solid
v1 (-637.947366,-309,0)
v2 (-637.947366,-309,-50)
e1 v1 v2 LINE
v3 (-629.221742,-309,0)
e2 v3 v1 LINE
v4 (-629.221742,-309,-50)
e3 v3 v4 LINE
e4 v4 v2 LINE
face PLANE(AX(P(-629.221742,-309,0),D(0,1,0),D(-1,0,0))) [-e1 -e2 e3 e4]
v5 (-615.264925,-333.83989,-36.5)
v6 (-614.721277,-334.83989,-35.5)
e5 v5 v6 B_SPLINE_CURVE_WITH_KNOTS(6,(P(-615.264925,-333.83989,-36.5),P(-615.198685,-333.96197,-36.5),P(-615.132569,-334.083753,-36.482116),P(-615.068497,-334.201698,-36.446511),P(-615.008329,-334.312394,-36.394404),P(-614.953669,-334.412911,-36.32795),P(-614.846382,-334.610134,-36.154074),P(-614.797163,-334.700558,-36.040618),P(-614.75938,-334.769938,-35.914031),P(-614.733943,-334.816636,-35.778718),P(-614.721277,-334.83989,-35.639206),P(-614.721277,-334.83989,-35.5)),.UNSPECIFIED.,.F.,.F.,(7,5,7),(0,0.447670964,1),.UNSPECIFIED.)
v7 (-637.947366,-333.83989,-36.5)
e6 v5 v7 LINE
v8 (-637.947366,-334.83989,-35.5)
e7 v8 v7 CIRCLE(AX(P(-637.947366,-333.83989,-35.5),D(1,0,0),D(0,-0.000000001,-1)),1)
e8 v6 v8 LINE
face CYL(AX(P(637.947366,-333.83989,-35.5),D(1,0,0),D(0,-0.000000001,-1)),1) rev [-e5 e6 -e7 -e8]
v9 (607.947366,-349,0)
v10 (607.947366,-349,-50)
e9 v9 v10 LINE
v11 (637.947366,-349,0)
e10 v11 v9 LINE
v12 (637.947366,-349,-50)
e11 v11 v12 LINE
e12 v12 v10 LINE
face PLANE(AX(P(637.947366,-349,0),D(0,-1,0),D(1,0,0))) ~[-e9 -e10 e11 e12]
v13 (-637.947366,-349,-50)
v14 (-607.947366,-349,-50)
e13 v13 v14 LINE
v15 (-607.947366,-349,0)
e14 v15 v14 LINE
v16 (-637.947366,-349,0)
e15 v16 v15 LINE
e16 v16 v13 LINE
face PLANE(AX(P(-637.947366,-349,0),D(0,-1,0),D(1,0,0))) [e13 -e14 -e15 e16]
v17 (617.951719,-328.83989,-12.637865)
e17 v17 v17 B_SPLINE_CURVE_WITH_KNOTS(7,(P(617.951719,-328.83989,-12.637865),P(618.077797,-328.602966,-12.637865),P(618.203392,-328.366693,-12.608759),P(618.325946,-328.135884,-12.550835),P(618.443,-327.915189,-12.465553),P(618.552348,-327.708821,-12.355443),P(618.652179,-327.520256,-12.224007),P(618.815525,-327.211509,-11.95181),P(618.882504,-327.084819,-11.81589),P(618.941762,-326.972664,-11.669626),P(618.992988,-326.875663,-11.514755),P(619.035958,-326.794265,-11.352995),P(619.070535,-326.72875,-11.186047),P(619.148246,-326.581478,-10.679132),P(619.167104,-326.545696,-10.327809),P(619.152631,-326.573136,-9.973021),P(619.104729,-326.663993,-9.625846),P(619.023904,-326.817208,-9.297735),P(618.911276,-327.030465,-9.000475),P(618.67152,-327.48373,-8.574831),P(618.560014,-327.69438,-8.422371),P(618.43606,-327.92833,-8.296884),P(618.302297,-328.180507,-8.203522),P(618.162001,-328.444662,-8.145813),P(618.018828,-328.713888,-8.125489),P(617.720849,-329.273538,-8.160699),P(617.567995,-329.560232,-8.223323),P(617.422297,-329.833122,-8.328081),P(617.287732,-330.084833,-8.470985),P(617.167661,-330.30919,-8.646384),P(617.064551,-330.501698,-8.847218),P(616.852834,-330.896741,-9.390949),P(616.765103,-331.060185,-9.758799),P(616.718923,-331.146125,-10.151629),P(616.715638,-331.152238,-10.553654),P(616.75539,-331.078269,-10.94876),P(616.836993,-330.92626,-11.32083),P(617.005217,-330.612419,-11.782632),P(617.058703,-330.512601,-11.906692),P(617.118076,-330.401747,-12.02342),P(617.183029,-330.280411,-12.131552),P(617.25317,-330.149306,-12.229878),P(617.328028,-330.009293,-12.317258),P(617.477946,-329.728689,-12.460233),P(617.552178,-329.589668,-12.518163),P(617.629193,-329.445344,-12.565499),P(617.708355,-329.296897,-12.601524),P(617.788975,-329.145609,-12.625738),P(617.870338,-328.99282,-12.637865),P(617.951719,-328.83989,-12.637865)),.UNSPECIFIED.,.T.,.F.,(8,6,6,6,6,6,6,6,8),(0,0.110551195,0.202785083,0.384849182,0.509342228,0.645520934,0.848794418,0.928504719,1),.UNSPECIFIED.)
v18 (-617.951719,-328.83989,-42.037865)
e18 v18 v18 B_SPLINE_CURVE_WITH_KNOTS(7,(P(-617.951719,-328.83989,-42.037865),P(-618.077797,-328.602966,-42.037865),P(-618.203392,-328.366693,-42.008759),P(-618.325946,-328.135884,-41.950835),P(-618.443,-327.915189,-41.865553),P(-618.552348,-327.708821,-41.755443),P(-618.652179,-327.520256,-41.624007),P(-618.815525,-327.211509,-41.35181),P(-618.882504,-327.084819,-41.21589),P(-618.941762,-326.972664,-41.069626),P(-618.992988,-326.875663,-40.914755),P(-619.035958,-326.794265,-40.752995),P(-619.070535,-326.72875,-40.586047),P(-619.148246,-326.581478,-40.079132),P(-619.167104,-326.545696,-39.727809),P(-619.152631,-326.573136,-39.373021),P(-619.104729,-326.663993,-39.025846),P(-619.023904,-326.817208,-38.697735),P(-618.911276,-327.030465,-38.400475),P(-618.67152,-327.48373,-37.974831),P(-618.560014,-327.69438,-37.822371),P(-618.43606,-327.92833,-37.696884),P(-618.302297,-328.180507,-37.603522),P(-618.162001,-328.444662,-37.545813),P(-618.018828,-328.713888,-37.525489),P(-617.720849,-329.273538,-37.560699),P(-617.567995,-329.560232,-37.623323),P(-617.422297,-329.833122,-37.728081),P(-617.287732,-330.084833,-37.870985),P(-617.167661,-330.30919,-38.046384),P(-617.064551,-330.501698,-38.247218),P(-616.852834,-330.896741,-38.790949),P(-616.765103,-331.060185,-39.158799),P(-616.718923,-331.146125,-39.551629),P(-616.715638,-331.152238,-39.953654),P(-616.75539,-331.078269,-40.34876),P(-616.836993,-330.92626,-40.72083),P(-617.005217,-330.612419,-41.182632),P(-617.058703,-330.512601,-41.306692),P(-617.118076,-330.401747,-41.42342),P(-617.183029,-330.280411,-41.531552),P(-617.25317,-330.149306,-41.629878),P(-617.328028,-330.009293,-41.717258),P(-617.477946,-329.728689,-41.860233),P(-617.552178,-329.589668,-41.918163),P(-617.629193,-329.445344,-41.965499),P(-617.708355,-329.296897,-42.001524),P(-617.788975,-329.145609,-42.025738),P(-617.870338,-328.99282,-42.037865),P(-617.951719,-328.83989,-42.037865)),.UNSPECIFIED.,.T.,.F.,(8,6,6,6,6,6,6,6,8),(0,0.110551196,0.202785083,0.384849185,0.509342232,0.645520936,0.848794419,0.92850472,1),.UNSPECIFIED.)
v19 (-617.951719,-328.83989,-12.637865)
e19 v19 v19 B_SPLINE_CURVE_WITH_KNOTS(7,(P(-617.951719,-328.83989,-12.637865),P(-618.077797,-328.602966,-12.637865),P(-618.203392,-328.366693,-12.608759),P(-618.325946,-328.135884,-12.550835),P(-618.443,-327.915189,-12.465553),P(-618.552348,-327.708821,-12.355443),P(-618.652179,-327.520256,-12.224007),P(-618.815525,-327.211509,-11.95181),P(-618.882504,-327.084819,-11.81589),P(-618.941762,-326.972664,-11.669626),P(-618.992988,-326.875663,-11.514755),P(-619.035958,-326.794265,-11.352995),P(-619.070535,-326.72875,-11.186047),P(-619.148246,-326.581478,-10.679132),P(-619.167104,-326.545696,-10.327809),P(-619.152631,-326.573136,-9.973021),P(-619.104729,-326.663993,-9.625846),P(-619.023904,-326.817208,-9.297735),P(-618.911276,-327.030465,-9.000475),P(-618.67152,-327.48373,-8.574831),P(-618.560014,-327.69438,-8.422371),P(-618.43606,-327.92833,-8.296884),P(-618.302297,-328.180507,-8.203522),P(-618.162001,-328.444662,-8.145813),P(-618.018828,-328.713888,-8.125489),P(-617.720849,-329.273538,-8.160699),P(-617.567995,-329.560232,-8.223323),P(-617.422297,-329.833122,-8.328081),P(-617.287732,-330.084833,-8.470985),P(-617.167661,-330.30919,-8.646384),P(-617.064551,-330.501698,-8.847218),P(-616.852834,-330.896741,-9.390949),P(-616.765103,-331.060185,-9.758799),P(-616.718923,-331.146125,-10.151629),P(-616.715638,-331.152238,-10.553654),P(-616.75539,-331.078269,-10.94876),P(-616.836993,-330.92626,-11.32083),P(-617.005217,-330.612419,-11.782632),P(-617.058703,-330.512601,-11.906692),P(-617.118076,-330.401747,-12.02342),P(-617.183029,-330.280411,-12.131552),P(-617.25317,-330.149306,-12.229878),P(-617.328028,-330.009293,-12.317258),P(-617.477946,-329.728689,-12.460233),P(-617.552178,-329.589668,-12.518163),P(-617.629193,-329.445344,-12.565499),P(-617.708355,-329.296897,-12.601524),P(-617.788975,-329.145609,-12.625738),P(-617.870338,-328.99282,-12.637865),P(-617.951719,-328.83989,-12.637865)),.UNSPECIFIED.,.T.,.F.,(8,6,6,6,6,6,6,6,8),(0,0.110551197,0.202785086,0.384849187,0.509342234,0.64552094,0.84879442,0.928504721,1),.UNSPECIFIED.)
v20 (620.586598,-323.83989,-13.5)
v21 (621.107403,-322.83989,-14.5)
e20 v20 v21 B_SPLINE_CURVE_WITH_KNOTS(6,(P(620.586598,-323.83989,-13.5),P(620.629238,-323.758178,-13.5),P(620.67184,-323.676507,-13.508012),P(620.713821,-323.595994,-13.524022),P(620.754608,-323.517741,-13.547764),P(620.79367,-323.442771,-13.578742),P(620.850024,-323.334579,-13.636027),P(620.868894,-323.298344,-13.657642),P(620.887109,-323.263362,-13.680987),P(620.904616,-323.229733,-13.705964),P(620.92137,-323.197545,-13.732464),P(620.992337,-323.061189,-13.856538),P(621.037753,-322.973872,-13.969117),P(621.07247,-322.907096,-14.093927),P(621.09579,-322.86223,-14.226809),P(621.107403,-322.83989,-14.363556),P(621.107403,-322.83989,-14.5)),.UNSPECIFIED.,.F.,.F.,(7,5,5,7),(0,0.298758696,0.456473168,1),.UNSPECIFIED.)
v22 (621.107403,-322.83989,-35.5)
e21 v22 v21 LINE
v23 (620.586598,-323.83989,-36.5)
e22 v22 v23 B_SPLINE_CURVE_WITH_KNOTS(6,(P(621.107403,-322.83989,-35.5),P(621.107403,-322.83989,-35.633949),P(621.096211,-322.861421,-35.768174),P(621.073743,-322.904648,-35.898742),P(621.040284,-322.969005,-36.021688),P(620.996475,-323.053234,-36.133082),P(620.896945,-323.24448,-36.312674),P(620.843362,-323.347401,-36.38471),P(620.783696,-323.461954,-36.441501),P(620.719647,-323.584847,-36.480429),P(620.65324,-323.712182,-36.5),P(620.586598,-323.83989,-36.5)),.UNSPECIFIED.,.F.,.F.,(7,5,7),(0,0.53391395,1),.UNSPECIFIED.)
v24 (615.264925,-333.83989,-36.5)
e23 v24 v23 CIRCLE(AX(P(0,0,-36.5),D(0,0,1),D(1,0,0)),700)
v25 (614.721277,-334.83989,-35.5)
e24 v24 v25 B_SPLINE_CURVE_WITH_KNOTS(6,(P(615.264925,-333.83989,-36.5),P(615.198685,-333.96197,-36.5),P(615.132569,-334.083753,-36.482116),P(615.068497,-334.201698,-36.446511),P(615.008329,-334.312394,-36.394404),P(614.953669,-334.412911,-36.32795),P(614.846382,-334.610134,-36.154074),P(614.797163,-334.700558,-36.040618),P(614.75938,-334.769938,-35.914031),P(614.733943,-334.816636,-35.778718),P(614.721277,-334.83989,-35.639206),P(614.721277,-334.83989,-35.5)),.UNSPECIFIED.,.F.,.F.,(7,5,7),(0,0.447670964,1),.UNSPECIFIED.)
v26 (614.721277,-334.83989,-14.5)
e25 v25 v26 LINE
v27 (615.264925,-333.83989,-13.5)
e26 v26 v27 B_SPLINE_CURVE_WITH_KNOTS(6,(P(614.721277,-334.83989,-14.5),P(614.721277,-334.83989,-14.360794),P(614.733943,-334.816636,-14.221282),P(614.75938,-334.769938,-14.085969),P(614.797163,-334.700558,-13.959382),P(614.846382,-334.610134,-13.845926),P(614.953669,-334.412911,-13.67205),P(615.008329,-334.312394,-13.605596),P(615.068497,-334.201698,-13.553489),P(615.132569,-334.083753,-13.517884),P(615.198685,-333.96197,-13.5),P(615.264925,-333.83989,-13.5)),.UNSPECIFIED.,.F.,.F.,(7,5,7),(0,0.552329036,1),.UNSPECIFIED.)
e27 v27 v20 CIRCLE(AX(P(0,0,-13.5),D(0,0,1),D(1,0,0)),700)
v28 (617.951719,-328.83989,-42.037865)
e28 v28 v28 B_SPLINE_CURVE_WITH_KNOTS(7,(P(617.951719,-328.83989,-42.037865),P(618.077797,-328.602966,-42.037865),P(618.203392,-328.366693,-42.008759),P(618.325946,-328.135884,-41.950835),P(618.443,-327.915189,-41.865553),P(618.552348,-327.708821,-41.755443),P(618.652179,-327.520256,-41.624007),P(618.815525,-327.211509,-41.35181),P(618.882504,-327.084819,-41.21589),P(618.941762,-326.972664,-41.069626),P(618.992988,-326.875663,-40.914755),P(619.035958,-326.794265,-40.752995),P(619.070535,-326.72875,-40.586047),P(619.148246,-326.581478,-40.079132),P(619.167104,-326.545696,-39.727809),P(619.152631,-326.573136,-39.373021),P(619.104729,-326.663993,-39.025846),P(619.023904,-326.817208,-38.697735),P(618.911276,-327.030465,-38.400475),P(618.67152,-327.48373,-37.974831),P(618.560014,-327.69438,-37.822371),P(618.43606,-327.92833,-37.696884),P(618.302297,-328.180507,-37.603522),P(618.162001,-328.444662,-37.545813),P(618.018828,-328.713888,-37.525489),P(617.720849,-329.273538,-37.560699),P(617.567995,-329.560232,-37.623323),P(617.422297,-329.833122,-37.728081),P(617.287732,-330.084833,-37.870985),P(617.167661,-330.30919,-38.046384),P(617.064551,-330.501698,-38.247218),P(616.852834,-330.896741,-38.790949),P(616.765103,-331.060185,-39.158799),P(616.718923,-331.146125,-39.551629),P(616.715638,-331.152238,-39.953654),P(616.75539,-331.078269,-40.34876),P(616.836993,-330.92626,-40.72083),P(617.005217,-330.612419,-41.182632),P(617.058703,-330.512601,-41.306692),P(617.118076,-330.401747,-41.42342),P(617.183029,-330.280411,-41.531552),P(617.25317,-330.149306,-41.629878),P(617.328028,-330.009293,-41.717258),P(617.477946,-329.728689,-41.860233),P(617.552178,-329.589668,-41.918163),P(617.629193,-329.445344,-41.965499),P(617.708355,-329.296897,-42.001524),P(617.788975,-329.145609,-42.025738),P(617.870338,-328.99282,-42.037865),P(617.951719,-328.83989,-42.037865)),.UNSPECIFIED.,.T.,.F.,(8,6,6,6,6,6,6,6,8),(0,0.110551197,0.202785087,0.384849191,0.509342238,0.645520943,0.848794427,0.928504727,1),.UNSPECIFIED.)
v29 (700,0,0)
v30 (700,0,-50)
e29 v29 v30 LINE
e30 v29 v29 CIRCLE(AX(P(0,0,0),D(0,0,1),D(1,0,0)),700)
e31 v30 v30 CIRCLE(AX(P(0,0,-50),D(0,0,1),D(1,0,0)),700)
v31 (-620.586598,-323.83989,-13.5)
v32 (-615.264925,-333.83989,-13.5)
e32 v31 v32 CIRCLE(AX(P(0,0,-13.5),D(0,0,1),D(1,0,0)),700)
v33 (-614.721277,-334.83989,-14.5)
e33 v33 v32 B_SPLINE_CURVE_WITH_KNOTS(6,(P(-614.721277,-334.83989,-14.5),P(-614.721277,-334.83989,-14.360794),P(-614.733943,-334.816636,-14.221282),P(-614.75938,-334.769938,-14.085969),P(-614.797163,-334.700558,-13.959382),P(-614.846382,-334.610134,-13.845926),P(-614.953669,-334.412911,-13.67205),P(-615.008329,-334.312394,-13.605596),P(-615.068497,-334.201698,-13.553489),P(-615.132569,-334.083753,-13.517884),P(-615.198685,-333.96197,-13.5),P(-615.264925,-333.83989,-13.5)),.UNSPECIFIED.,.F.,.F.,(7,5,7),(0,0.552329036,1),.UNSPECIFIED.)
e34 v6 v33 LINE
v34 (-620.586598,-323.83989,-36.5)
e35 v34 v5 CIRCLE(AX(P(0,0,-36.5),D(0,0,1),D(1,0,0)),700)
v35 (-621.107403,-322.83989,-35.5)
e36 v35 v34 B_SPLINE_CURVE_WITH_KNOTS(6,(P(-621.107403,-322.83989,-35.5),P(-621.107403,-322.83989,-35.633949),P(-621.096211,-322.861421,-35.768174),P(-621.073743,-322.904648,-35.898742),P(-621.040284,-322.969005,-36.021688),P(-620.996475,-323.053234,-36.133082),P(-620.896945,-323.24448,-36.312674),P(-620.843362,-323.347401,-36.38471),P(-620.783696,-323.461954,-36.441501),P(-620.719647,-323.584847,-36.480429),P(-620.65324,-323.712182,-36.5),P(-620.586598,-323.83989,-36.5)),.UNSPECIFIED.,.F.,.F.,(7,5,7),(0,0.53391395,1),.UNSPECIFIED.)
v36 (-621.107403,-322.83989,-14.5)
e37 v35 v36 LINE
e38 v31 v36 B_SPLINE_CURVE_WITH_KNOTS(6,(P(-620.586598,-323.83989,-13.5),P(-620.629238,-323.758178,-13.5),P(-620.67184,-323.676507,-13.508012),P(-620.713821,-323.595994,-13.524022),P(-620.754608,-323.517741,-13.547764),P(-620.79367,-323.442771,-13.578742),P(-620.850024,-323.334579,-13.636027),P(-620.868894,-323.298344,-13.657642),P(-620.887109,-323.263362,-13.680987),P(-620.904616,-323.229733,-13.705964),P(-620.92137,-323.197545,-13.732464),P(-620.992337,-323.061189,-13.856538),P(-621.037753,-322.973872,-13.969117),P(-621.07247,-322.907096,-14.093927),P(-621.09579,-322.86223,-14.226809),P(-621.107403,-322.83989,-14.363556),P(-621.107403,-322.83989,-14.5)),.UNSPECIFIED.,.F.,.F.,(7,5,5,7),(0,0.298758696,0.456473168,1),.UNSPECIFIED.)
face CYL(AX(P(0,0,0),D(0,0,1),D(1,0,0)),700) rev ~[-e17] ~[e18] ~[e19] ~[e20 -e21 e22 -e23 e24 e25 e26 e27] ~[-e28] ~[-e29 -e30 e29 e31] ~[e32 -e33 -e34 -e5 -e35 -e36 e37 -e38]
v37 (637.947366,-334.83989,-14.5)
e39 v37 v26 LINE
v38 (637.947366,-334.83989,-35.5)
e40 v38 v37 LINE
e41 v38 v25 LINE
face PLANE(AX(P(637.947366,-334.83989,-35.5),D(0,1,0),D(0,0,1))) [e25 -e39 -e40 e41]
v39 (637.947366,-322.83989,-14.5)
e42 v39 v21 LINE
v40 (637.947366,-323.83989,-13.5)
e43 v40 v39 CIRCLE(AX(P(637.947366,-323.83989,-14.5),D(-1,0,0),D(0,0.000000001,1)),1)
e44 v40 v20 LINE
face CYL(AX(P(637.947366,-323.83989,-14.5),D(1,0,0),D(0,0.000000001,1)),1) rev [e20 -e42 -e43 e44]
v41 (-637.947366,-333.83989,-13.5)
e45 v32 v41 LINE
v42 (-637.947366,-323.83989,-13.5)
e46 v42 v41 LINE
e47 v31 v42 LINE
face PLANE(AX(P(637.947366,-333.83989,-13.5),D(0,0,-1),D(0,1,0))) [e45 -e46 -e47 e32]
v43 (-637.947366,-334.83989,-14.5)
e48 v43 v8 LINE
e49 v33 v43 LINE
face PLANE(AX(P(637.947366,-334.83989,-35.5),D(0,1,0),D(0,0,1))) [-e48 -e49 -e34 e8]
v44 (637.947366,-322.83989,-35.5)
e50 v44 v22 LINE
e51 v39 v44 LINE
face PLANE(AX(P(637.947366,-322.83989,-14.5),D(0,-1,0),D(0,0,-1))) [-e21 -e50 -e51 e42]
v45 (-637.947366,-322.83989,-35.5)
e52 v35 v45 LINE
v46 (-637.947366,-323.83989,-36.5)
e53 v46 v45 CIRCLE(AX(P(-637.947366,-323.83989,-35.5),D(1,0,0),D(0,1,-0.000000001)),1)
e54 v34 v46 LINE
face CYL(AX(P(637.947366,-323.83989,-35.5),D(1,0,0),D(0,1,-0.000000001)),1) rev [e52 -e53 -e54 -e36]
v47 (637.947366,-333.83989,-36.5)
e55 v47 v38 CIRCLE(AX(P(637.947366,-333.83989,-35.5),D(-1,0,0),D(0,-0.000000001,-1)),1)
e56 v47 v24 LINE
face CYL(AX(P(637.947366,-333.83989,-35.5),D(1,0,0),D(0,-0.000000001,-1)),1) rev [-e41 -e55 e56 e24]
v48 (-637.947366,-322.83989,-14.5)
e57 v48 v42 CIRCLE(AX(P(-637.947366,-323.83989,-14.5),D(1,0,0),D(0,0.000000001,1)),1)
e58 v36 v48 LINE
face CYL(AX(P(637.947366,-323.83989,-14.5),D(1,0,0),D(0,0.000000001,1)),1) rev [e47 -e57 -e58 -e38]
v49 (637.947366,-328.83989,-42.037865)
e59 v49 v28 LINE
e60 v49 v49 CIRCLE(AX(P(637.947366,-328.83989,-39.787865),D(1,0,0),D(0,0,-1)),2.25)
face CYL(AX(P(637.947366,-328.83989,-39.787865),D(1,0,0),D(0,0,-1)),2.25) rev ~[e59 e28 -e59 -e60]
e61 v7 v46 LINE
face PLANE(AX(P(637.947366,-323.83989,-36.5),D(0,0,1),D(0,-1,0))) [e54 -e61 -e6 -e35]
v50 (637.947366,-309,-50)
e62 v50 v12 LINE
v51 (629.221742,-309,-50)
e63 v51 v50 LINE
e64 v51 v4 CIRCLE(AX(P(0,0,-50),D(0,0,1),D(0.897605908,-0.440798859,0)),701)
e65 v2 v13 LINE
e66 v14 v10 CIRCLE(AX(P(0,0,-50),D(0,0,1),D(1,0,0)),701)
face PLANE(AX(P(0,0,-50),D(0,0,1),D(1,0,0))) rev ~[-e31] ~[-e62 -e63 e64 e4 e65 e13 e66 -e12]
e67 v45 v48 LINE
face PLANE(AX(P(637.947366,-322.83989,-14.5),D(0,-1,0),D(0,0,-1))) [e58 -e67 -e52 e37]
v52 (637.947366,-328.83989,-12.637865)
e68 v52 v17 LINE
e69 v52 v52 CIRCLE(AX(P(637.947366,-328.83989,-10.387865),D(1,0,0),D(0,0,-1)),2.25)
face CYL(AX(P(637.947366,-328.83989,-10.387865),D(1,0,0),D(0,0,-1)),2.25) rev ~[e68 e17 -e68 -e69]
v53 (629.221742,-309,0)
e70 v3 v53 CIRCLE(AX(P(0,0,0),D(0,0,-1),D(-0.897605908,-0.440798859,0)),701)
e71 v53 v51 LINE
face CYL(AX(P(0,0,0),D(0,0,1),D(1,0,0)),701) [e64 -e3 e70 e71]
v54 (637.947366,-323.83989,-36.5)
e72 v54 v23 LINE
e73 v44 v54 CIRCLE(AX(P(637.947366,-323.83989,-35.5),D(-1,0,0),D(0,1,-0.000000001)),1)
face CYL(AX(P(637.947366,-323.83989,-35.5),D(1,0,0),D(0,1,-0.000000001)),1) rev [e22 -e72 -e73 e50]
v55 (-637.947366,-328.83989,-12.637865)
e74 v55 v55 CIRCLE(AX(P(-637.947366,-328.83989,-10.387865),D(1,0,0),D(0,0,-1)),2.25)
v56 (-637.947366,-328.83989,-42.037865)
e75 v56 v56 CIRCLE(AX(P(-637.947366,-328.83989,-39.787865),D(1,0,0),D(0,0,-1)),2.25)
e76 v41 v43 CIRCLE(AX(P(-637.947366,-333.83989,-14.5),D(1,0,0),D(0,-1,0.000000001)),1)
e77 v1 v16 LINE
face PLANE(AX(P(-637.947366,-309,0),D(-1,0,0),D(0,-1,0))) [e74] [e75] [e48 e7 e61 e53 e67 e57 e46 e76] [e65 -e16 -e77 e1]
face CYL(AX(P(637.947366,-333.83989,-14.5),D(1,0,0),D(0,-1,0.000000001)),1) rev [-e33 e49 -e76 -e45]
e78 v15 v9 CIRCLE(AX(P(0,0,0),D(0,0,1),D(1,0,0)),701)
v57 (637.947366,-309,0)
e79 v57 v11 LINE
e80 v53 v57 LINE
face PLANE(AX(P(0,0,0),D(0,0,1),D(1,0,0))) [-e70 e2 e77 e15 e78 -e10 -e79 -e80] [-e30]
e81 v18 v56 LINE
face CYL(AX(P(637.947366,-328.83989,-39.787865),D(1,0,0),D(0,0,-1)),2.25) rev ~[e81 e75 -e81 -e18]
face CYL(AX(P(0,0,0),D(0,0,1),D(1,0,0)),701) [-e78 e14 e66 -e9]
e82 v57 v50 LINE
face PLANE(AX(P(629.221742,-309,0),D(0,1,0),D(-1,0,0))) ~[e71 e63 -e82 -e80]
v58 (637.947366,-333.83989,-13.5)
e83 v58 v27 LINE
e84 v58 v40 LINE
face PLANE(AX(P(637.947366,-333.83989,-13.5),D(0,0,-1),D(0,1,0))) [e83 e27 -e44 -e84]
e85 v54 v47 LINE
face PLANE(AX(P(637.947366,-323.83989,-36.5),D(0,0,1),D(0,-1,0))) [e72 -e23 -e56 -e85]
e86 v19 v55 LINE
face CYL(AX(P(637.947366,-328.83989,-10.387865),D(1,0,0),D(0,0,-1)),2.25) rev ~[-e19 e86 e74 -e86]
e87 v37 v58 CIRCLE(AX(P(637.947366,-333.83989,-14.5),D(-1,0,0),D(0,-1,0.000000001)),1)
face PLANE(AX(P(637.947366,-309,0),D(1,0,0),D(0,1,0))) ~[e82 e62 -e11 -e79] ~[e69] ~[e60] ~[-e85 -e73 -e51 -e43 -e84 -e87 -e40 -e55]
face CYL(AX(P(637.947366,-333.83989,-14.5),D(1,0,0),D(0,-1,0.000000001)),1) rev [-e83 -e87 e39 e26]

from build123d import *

# Parameters (mm, degrees)
SKETCH1_R      = 701
SKETCH1_R_2    = 700
EXTRUDE1_DEPTH = 50
EXTRUDE4_DEPTH = 50
SKETCH5_R      = 2.25
EXTRUDE5_DEPTH = 1500


with BuildPart() as part:
    # Sketch1 → Extrude1 (new body)
    with BuildSketch(Plane.XY):
        Circle(SKETCH1_R)
        Circle(SKETCH1_R_2, mode=Mode.SUBTRACT)
    extrude(amount=-EXTRUDE1_DEPTH)

    # Sketch4 → Extrude4 (add)
    with BuildSketch(Plane.XY):
        with BuildLine():
            Line((-629.221741519, -309), (-637.947366143, -309))
            Line((-637.947366143, -309), (-637.947366143, -349))
            Line((-637.947366143, -349), (-607.947366143, -349))
            ThreePointArc((-607.947366143, -349), (-618.907788154, -329.171915208), (-629.221741519, -309))
        make_face()
    extrude4 = extrude(amount=-EXTRUDE4_DEPTH)

    # Mirror1: Extrude4 across plane
    add(extrude4.mirror(Plane(origin=(0, 0, 0), x_dir=(0, 0, 1), z_dir=(1, 0, 0))))

    # Sketch5 → Extrude5 (cut)
    with BuildSketch(Plane(origin=(637.947366143, 0, 0), x_dir=(0, 0, -1), z_dir=(1, 0, 0))):
        with Locations((10.387864663, -328.839889929)):
            Circle(SKETCH5_R)
        with Locations((39.787864663, -328.839889929)):
            Circle(SKETCH5_R)
        with BuildLine():
            Line((14.5, -322.839889929), (35.5, -322.839889929))
            ThreePointArc((35.5, -322.839889929), (36.207106781, -323.132783148), (36.5, -323.839889929))
            Line((36.5, -323.839889929), (36.5, -333.839889929))
            ThreePointArc((36.5, -333.839889929), (36.207106781, -334.54699671), (35.5, -334.839889929))
            Line((35.5, -334.839889929), (14.5, -334.839889929))
            ThreePointArc((14.5, -334.839889929), (13.792893219, -334.54699671), (13.5, -333.839889929))
            Line((13.5, -333.839889929), (13.5, -323.839889929))
            ThreePointArc((13.5, -323.839889929), (13.792893219, -323.132783148), (14.5, -322.839889929))
        make_face()
    extrude(amount=-EXTRUDE5_DEPTH, mode=Mode.SUBTRACT)


solid = part.part
